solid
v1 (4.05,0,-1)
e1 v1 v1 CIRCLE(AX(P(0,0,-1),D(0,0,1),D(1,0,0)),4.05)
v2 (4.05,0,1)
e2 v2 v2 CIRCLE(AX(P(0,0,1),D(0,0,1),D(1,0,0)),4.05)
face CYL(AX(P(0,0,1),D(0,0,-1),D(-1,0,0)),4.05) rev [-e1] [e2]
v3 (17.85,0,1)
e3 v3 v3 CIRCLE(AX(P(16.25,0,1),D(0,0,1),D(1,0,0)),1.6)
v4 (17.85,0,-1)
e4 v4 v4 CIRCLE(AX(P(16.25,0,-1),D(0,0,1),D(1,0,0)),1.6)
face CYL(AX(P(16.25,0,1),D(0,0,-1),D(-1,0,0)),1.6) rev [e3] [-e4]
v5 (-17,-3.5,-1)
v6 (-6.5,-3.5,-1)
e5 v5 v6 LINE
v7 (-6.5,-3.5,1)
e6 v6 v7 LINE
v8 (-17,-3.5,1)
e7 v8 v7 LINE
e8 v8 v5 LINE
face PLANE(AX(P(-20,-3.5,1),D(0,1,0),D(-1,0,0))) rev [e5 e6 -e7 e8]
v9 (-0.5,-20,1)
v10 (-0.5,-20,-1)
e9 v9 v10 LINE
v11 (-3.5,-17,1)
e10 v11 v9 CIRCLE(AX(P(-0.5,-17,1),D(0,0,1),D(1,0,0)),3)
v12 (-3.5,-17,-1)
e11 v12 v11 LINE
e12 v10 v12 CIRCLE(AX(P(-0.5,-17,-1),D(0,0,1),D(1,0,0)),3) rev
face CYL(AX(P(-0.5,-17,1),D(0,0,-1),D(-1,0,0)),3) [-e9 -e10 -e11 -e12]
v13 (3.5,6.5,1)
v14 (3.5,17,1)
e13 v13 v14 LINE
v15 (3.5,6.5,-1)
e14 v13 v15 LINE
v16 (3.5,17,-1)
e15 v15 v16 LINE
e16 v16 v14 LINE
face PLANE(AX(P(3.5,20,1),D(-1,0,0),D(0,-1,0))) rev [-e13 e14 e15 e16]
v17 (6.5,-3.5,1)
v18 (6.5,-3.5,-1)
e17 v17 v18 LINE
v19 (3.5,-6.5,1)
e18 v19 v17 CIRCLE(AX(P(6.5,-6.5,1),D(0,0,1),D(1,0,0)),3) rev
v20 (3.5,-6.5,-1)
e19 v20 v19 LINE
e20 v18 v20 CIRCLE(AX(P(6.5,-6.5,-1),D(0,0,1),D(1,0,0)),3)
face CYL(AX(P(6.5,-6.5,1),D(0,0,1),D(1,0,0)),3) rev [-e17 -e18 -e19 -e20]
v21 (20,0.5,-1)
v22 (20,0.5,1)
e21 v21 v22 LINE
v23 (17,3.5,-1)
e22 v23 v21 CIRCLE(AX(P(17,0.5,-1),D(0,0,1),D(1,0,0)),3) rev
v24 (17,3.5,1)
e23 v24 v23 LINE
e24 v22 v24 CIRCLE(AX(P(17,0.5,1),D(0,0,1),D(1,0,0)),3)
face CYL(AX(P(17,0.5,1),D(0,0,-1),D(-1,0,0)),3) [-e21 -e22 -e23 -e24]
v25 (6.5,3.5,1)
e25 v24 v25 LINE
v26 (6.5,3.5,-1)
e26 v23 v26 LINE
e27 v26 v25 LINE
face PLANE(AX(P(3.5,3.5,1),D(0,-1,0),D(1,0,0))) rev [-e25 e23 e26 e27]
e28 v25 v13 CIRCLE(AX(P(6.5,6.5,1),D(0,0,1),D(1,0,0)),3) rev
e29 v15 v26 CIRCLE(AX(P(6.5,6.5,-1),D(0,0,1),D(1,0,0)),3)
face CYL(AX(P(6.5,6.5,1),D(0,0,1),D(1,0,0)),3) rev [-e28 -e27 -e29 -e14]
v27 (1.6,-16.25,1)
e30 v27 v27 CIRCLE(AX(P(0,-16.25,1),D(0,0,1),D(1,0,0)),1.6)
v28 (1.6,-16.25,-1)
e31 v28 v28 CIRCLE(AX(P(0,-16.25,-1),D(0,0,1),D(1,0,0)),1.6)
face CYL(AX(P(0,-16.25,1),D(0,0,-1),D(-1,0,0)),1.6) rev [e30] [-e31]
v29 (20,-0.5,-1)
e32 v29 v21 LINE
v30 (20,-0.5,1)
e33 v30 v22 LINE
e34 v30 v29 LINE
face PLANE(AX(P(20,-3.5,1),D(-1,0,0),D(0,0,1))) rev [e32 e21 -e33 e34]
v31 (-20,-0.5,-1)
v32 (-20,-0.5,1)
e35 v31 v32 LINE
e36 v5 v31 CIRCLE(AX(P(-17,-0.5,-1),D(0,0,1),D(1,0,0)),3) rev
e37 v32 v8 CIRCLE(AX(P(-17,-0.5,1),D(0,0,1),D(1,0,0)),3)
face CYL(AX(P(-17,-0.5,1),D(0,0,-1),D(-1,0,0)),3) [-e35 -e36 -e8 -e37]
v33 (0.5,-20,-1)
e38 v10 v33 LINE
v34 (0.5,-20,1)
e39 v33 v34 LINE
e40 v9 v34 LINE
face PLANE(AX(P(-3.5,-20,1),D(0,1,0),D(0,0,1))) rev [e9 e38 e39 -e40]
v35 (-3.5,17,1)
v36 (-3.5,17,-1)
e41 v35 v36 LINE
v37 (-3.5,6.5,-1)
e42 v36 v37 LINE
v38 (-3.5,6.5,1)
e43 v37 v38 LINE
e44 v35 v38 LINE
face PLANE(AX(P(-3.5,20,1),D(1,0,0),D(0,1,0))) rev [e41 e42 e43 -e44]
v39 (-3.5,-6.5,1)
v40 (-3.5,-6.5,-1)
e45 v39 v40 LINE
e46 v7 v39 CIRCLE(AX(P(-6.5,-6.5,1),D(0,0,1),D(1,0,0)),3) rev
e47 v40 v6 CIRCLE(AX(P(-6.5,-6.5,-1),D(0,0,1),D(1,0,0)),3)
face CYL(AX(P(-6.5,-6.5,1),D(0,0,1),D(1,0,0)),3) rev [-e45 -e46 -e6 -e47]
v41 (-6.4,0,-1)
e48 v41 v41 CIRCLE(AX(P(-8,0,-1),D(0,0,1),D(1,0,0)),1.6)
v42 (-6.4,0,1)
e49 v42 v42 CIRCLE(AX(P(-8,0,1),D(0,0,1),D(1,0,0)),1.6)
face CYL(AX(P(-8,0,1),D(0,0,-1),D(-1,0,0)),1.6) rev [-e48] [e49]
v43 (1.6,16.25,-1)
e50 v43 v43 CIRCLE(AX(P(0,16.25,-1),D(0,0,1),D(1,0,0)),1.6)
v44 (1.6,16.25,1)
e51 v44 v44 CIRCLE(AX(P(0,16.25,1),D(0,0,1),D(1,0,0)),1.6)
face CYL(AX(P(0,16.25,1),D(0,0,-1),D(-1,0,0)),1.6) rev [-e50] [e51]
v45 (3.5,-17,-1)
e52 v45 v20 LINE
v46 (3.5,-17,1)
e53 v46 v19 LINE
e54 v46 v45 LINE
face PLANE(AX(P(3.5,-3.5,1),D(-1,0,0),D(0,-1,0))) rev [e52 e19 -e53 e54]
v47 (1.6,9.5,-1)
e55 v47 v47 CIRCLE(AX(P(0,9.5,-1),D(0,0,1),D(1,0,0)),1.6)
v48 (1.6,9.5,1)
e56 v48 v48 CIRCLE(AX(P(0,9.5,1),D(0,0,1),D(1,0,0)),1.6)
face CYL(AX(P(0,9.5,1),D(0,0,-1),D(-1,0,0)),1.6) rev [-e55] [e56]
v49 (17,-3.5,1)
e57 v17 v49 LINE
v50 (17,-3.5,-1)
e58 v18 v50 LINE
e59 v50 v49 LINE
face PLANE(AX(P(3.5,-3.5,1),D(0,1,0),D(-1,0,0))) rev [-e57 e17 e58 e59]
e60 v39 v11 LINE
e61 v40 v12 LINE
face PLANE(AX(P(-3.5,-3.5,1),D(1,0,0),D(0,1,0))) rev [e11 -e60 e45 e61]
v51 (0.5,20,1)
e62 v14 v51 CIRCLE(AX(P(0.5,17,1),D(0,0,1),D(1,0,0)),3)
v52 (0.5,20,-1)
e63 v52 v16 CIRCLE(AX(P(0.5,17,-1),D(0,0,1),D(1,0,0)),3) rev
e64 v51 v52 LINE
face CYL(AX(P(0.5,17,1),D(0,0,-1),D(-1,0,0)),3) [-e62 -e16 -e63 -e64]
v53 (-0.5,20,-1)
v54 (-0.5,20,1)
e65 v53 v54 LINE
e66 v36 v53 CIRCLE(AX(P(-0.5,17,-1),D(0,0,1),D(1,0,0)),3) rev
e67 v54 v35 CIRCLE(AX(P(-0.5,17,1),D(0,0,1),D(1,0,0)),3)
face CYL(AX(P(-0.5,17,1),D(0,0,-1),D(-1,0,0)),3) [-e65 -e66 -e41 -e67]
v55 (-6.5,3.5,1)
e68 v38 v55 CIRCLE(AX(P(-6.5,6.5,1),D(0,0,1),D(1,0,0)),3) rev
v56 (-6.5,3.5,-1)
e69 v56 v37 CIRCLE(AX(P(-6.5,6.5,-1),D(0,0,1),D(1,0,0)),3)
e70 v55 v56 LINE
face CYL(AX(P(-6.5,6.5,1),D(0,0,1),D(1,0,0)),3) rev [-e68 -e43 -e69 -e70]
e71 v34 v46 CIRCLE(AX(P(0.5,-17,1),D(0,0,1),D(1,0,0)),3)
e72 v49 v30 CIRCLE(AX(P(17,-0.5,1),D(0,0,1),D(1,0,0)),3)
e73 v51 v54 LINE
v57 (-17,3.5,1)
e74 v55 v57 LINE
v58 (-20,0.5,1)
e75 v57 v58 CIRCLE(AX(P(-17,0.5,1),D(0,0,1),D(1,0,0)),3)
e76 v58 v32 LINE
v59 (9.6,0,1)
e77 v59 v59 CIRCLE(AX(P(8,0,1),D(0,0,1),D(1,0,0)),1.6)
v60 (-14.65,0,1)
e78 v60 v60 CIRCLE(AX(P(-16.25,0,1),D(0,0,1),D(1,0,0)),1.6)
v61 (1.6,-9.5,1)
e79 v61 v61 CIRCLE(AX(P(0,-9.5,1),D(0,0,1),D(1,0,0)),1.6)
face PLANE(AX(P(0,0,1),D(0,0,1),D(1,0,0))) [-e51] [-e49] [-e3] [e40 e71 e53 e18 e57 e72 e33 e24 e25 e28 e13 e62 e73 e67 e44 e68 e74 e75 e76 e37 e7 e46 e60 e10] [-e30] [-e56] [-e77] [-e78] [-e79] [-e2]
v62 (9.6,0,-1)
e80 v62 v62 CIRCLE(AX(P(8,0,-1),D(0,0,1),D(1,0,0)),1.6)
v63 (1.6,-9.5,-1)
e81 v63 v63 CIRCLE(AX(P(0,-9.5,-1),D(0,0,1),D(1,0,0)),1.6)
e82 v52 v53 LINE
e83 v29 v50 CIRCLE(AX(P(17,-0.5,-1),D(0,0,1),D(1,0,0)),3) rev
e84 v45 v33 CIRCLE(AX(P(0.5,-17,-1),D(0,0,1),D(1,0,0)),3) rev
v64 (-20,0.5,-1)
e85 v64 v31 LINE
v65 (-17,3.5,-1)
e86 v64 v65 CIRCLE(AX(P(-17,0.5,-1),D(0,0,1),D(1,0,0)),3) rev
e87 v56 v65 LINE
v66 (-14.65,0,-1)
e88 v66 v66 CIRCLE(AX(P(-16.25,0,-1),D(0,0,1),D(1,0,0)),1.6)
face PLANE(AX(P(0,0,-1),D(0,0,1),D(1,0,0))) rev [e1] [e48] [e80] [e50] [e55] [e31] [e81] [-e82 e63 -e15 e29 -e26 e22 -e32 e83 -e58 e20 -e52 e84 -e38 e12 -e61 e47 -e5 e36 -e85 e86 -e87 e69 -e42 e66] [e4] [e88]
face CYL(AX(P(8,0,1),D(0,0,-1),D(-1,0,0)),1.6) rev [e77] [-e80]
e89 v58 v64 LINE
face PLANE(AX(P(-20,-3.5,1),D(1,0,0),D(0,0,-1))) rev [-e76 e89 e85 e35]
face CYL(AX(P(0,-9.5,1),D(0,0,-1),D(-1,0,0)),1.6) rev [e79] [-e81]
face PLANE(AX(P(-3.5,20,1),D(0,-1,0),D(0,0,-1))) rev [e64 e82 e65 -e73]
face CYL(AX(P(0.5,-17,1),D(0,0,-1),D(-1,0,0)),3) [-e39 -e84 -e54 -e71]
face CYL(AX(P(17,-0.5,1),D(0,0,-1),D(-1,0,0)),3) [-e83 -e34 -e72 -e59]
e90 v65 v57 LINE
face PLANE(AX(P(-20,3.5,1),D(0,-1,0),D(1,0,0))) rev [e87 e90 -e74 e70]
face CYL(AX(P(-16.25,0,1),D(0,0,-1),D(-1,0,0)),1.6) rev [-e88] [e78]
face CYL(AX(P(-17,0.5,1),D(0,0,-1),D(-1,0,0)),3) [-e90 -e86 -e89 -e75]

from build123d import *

# Parameters (mm, degrees)
CROQUIS1_R              = 1.6
CROQUIS1_R_2            = 4.05
SALIENTE_EXTRUIR1_DEPTH = 1
REDONDEO1_R             = 3


with BuildPart() as part:
    # Croquis1 → Saliente-Extruir1 (new body, symmetric)
    with BuildSketch(Plane.XY):
        Polygon((3.5, -3.5), (20, -3.5), (20, 3.5), (3.5, 3.5), (3.5, 20), (-3.5, 20), (-3.5, 3.5), (-20, 3.5), (-20, -3.5), (-3.5, -3.5), (-3.5, -20), (3.5, -20), align=None)
        with Locations((-8, 0)):
            Circle(CROQUIS1_R, mode=Mode.SUBTRACT)
        with Locations((8, 0)):
            Circle(CROQUIS1_R, mode=Mode.SUBTRACT)
        with Locations((0, 16.25)):
            Circle(CROQUIS1_R, mode=Mode.SUBTRACT)
        with Locations((0, -16.25)):
            Circle(CROQUIS1_R, mode=Mode.SUBTRACT)
        Circle(CROQUIS1_R_2, mode=Mode.SUBTRACT)
        with Locations((0, 9.5)):
            Circle(CROQUIS1_R, mode=Mode.SUBTRACT)
        with Locations((0, -9.5)):
            Circle(CROQUIS1_R, mode=Mode.SUBTRACT)
        with Locations((-16.25, 0)):
            Circle(CROQUIS1_R, mode=Mode.SUBTRACT)
        with Locations((16.25, 0)):
            Circle(CROQUIS1_R, mode=Mode.SUBTRACT)
    extrude(amount=SALIENTE_EXTRUIR1_DEPTH, both=True)

    # Redondeo1
    redondeo1_edges = [part.edges().sort_by_distance(p)[0] for p in [
        (3.5, -20, 0),
        (-3.5, -20, 0),
        (-3.5, -3.5, 0),
        (-20, -3.5, 0),
        (-20, 3.5, 0),
        (-3.5, 3.5, 0),
        (-3.5, 20, 0),
        (3.5, 20, 0),
        (3.5, 3.5, 0),
        (20, 3.5, 0),
        (20, -3.5, 0),
        (3.5, -3.5, 0),
    ]]
    fillet(redondeo1_edges, radius=REDONDEO1_R)


solid = part.part
